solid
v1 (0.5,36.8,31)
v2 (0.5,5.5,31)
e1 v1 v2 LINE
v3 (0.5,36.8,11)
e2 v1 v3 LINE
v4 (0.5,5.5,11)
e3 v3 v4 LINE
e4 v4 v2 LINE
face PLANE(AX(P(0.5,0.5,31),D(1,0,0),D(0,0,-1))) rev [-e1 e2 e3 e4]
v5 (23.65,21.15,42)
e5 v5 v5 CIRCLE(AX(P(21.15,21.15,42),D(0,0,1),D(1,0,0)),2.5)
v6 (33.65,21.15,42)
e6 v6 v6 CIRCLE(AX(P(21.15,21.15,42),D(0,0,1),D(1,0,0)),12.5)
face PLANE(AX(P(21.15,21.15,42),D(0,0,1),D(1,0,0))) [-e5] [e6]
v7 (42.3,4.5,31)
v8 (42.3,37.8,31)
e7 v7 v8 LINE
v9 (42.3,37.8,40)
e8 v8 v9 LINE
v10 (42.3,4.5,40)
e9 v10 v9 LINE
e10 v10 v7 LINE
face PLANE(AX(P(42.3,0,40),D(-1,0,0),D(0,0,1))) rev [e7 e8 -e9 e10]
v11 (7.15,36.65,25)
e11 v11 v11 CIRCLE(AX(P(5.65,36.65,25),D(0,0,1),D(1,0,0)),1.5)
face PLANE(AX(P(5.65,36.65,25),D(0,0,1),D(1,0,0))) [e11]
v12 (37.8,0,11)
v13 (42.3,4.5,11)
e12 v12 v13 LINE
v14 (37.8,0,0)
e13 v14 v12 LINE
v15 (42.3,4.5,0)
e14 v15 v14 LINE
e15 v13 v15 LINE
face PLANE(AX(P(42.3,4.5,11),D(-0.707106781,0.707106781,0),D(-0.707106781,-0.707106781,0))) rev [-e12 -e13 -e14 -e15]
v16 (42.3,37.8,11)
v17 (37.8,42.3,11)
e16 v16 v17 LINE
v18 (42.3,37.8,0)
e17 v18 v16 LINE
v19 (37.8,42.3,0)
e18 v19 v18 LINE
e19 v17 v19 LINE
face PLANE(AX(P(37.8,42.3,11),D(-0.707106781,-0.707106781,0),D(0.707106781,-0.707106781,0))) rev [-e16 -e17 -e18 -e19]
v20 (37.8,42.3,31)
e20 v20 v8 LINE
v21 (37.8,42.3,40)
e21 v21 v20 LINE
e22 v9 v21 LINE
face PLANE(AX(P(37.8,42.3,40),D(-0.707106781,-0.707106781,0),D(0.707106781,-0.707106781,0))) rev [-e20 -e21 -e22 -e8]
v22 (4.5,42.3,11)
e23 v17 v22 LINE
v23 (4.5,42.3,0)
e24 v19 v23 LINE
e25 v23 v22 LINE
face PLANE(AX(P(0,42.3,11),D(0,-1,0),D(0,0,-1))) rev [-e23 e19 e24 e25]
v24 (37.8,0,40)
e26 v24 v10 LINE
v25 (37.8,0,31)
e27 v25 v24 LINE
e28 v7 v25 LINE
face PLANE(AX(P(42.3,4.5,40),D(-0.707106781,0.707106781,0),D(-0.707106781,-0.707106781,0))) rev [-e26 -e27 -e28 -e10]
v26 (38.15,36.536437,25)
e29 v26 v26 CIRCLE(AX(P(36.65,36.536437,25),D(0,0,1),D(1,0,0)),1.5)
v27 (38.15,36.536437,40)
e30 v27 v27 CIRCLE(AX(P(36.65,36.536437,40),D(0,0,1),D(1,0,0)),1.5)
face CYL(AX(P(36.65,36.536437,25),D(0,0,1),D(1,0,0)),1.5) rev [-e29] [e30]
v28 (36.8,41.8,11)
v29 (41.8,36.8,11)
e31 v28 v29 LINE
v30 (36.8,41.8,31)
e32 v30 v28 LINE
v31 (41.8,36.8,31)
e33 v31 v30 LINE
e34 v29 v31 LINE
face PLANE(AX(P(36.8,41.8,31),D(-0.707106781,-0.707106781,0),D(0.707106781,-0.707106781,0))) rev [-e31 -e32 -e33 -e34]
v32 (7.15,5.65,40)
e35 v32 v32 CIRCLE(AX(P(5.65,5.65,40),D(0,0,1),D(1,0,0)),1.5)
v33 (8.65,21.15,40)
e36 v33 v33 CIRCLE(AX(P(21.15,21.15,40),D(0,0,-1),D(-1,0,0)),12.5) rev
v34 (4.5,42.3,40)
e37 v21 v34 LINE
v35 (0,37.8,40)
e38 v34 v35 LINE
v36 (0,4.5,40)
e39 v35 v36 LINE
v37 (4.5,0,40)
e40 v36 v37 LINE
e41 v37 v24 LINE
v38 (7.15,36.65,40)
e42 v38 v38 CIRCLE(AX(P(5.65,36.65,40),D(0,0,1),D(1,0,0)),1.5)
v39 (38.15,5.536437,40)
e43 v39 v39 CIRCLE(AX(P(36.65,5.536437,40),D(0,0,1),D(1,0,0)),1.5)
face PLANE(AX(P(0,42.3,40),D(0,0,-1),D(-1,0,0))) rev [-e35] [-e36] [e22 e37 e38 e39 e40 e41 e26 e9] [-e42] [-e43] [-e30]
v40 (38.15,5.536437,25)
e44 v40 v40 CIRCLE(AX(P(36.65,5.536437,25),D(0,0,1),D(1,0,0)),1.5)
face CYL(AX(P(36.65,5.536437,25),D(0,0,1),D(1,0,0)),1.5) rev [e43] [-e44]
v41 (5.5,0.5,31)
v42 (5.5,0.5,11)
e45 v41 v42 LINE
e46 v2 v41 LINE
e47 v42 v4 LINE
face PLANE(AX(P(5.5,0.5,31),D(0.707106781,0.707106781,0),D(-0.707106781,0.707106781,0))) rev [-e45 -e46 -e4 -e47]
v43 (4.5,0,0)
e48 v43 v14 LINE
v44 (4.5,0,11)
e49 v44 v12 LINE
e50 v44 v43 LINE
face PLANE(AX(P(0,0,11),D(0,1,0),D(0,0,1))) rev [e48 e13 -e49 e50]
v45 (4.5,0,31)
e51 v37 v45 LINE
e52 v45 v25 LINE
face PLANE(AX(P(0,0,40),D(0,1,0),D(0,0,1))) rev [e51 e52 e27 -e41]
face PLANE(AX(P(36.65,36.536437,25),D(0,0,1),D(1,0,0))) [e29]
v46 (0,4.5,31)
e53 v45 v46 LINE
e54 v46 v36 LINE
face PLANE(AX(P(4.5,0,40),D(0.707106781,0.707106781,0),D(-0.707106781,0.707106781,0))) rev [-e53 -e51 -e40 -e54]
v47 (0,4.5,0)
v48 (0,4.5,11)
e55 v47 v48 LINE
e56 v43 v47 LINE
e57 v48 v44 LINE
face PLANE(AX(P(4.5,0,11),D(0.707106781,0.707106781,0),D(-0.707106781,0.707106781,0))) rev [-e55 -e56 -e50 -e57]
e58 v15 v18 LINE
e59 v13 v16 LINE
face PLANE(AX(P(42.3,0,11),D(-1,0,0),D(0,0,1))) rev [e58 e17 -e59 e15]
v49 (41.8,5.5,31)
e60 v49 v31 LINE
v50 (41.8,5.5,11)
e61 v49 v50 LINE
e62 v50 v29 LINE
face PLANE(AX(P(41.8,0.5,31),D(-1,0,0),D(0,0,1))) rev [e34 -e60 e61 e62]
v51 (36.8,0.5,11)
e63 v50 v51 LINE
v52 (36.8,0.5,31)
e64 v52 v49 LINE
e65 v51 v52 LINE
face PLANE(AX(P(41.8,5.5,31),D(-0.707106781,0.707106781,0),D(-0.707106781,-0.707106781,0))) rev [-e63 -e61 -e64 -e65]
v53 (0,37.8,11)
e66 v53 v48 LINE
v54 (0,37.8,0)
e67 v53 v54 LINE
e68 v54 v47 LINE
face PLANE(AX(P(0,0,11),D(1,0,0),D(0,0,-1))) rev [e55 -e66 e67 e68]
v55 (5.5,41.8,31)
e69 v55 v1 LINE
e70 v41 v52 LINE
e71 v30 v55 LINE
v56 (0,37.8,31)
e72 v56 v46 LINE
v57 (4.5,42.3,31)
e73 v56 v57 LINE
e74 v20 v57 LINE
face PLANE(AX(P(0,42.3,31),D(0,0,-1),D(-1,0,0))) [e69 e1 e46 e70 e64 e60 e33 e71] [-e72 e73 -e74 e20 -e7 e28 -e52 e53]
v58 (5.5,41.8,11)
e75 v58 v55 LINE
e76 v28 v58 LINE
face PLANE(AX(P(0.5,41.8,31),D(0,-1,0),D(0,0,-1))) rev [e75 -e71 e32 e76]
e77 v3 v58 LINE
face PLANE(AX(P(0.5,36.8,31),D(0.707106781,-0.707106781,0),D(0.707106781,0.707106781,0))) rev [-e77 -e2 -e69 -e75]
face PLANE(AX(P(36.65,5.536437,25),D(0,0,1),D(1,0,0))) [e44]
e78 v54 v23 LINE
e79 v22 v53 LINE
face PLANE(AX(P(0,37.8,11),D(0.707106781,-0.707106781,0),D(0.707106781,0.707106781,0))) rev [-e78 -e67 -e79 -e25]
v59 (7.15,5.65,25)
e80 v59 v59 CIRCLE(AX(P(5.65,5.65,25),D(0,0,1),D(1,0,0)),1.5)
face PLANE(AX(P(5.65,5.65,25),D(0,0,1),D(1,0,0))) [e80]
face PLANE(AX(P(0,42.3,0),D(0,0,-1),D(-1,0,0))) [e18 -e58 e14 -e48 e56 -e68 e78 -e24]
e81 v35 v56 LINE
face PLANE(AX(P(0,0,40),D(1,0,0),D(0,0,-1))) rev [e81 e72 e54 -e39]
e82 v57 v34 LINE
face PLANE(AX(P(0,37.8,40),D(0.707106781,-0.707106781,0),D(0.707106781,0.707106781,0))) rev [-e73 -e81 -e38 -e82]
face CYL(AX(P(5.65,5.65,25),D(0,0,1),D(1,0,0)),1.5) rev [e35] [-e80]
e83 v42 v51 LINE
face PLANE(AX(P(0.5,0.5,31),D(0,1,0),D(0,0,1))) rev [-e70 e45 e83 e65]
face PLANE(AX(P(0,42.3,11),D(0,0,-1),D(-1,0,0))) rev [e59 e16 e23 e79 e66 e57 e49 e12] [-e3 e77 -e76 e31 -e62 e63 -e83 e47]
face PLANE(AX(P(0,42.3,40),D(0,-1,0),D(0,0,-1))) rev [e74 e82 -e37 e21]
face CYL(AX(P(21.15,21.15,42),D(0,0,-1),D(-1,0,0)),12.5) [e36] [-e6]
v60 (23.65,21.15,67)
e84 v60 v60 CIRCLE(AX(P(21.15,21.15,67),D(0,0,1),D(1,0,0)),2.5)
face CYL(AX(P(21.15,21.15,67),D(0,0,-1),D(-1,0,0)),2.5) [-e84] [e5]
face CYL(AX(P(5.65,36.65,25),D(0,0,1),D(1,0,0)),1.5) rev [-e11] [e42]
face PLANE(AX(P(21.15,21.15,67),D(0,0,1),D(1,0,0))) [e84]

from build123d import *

# Parameters (mm, degrees)
ESQUISSE1_W             = 42.3
ESQUISSE1_H             = 42.3
BOSS_EXTRU_1_DEPTH      = 11
ESQUISSE2_W             = 41.3
ESQUISSE2_H             = 41.3
BOSS_EXTRU_2_DEPTH      = 20
ESQUISSE3_W             = 42.3
ESQUISSE3_H             = 42.3
BOSS_EXTRU_3_DEPTH      = 9
ESQUISSE4_R             = 12.5
BOSS_EXTRU_4_DEPTH      = 2
ESQUISSE5_R             = 2.5
BOSS_EXTRU_5_DEPTH      = 25
ESQUISSE6_R             = 1.5
ENL_V_MAT_EXTRU_1_DEPTH = 15
CHANFREIN2_SIZE         = 5
CHANFREIN3_SIZE         = 4.5


with BuildPart() as part:
    # Esquisse1 → Boss.-Extru.1 (new body)
    with BuildSketch(Plane.XY):
        with Locations((21.15, 21.15)):
            Rectangle(ESQUISSE1_W, ESQUISSE1_H)
    extrude(amount=BOSS_EXTRU_1_DEPTH)

    # Esquisse2 → Boss.-Extru.2 (add)
    with BuildSketch(Plane.XY.offset(11)):
        with Locations((21.15, 21.15)):
            Rectangle(ESQUISSE2_W, ESQUISSE2_H)
    extrude(amount=BOSS_EXTRU_2_DEPTH)

    # Esquisse3 → Boss.-Extru.3 (add)
    with BuildSketch(Plane.XY.offset(31)):
        with Locations((21.15, 21.15)):
            Rectangle(ESQUISSE3_W, ESQUISSE3_H)
    extrude(amount=BOSS_EXTRU_3_DEPTH)

    # Esquisse4 → Boss.-Extru.4 (add)
    with BuildSketch(Plane.XY.offset(40)):
        with Locations(Location((21.15, 21.15, 0), (0, 0, 180))):  # turned: the seam where the file's is
            Circle(ESQUISSE4_R)
    extrude(amount=BOSS_EXTRU_4_DEPTH)

    # Esquisse5 → Boss.-Extru.5 (add)
    with BuildSketch(Plane.XY.offset(42)):
        with Locations((21.15, 21.15)):
            Circle(ESQUISSE5_R)
    extrude(amount=BOSS_EXTRU_5_DEPTH)

    # Esquisse6 → Enlèv. mat.-Extru.1 (cut)
    with BuildSketch(Plane.XY.offset(40)):
        with Locations((5.65, 36.65)):
            Circle(ESQUISSE6_R)
        with Locations((5.65, 5.65)):
            Circle(ESQUISSE6_R)
        with Locations((36.65, 5.536437172)):
            Circle(ESQUISSE6_R)
        with Locations((36.65, 36.536437172)):
            Circle(ESQUISSE6_R)
    extrude(amount=-ENL_V_MAT_EXTRU_1_DEPTH, mode=Mode.SUBTRACT)

    # Chanfrein2
    chanfrein2_edges = [part.edges().sort_by_distance(p)[0] for p in [
        (0.5, 41.8, 21),
        (0.5, 0.5, 21),
        (41.8, 0.5, 21),
        (41.8, 41.8, 21),
    ]]
    chamfer(chanfrein2_edges, length=CHANFREIN2_SIZE)

    # Chanfrein3
    chanfrein3_edges = [part.edges().sort_by_distance(p)[0] for p in [
        (0, 42.3, 35.5),
        (0, 0, 35.5),
        (42.3, 0, 35.5),
        (42.3, 42.3, 35.5),
        (0, 42.3, 5.5),
        (42.3, 42.3, 5.5),
        (42.3, 0, 5.5),
        (0, 0, 5.5),
    ]]
    chamfer(chanfrein3_edges, length=CHANFREIN3_SIZE)


solid = part.part
